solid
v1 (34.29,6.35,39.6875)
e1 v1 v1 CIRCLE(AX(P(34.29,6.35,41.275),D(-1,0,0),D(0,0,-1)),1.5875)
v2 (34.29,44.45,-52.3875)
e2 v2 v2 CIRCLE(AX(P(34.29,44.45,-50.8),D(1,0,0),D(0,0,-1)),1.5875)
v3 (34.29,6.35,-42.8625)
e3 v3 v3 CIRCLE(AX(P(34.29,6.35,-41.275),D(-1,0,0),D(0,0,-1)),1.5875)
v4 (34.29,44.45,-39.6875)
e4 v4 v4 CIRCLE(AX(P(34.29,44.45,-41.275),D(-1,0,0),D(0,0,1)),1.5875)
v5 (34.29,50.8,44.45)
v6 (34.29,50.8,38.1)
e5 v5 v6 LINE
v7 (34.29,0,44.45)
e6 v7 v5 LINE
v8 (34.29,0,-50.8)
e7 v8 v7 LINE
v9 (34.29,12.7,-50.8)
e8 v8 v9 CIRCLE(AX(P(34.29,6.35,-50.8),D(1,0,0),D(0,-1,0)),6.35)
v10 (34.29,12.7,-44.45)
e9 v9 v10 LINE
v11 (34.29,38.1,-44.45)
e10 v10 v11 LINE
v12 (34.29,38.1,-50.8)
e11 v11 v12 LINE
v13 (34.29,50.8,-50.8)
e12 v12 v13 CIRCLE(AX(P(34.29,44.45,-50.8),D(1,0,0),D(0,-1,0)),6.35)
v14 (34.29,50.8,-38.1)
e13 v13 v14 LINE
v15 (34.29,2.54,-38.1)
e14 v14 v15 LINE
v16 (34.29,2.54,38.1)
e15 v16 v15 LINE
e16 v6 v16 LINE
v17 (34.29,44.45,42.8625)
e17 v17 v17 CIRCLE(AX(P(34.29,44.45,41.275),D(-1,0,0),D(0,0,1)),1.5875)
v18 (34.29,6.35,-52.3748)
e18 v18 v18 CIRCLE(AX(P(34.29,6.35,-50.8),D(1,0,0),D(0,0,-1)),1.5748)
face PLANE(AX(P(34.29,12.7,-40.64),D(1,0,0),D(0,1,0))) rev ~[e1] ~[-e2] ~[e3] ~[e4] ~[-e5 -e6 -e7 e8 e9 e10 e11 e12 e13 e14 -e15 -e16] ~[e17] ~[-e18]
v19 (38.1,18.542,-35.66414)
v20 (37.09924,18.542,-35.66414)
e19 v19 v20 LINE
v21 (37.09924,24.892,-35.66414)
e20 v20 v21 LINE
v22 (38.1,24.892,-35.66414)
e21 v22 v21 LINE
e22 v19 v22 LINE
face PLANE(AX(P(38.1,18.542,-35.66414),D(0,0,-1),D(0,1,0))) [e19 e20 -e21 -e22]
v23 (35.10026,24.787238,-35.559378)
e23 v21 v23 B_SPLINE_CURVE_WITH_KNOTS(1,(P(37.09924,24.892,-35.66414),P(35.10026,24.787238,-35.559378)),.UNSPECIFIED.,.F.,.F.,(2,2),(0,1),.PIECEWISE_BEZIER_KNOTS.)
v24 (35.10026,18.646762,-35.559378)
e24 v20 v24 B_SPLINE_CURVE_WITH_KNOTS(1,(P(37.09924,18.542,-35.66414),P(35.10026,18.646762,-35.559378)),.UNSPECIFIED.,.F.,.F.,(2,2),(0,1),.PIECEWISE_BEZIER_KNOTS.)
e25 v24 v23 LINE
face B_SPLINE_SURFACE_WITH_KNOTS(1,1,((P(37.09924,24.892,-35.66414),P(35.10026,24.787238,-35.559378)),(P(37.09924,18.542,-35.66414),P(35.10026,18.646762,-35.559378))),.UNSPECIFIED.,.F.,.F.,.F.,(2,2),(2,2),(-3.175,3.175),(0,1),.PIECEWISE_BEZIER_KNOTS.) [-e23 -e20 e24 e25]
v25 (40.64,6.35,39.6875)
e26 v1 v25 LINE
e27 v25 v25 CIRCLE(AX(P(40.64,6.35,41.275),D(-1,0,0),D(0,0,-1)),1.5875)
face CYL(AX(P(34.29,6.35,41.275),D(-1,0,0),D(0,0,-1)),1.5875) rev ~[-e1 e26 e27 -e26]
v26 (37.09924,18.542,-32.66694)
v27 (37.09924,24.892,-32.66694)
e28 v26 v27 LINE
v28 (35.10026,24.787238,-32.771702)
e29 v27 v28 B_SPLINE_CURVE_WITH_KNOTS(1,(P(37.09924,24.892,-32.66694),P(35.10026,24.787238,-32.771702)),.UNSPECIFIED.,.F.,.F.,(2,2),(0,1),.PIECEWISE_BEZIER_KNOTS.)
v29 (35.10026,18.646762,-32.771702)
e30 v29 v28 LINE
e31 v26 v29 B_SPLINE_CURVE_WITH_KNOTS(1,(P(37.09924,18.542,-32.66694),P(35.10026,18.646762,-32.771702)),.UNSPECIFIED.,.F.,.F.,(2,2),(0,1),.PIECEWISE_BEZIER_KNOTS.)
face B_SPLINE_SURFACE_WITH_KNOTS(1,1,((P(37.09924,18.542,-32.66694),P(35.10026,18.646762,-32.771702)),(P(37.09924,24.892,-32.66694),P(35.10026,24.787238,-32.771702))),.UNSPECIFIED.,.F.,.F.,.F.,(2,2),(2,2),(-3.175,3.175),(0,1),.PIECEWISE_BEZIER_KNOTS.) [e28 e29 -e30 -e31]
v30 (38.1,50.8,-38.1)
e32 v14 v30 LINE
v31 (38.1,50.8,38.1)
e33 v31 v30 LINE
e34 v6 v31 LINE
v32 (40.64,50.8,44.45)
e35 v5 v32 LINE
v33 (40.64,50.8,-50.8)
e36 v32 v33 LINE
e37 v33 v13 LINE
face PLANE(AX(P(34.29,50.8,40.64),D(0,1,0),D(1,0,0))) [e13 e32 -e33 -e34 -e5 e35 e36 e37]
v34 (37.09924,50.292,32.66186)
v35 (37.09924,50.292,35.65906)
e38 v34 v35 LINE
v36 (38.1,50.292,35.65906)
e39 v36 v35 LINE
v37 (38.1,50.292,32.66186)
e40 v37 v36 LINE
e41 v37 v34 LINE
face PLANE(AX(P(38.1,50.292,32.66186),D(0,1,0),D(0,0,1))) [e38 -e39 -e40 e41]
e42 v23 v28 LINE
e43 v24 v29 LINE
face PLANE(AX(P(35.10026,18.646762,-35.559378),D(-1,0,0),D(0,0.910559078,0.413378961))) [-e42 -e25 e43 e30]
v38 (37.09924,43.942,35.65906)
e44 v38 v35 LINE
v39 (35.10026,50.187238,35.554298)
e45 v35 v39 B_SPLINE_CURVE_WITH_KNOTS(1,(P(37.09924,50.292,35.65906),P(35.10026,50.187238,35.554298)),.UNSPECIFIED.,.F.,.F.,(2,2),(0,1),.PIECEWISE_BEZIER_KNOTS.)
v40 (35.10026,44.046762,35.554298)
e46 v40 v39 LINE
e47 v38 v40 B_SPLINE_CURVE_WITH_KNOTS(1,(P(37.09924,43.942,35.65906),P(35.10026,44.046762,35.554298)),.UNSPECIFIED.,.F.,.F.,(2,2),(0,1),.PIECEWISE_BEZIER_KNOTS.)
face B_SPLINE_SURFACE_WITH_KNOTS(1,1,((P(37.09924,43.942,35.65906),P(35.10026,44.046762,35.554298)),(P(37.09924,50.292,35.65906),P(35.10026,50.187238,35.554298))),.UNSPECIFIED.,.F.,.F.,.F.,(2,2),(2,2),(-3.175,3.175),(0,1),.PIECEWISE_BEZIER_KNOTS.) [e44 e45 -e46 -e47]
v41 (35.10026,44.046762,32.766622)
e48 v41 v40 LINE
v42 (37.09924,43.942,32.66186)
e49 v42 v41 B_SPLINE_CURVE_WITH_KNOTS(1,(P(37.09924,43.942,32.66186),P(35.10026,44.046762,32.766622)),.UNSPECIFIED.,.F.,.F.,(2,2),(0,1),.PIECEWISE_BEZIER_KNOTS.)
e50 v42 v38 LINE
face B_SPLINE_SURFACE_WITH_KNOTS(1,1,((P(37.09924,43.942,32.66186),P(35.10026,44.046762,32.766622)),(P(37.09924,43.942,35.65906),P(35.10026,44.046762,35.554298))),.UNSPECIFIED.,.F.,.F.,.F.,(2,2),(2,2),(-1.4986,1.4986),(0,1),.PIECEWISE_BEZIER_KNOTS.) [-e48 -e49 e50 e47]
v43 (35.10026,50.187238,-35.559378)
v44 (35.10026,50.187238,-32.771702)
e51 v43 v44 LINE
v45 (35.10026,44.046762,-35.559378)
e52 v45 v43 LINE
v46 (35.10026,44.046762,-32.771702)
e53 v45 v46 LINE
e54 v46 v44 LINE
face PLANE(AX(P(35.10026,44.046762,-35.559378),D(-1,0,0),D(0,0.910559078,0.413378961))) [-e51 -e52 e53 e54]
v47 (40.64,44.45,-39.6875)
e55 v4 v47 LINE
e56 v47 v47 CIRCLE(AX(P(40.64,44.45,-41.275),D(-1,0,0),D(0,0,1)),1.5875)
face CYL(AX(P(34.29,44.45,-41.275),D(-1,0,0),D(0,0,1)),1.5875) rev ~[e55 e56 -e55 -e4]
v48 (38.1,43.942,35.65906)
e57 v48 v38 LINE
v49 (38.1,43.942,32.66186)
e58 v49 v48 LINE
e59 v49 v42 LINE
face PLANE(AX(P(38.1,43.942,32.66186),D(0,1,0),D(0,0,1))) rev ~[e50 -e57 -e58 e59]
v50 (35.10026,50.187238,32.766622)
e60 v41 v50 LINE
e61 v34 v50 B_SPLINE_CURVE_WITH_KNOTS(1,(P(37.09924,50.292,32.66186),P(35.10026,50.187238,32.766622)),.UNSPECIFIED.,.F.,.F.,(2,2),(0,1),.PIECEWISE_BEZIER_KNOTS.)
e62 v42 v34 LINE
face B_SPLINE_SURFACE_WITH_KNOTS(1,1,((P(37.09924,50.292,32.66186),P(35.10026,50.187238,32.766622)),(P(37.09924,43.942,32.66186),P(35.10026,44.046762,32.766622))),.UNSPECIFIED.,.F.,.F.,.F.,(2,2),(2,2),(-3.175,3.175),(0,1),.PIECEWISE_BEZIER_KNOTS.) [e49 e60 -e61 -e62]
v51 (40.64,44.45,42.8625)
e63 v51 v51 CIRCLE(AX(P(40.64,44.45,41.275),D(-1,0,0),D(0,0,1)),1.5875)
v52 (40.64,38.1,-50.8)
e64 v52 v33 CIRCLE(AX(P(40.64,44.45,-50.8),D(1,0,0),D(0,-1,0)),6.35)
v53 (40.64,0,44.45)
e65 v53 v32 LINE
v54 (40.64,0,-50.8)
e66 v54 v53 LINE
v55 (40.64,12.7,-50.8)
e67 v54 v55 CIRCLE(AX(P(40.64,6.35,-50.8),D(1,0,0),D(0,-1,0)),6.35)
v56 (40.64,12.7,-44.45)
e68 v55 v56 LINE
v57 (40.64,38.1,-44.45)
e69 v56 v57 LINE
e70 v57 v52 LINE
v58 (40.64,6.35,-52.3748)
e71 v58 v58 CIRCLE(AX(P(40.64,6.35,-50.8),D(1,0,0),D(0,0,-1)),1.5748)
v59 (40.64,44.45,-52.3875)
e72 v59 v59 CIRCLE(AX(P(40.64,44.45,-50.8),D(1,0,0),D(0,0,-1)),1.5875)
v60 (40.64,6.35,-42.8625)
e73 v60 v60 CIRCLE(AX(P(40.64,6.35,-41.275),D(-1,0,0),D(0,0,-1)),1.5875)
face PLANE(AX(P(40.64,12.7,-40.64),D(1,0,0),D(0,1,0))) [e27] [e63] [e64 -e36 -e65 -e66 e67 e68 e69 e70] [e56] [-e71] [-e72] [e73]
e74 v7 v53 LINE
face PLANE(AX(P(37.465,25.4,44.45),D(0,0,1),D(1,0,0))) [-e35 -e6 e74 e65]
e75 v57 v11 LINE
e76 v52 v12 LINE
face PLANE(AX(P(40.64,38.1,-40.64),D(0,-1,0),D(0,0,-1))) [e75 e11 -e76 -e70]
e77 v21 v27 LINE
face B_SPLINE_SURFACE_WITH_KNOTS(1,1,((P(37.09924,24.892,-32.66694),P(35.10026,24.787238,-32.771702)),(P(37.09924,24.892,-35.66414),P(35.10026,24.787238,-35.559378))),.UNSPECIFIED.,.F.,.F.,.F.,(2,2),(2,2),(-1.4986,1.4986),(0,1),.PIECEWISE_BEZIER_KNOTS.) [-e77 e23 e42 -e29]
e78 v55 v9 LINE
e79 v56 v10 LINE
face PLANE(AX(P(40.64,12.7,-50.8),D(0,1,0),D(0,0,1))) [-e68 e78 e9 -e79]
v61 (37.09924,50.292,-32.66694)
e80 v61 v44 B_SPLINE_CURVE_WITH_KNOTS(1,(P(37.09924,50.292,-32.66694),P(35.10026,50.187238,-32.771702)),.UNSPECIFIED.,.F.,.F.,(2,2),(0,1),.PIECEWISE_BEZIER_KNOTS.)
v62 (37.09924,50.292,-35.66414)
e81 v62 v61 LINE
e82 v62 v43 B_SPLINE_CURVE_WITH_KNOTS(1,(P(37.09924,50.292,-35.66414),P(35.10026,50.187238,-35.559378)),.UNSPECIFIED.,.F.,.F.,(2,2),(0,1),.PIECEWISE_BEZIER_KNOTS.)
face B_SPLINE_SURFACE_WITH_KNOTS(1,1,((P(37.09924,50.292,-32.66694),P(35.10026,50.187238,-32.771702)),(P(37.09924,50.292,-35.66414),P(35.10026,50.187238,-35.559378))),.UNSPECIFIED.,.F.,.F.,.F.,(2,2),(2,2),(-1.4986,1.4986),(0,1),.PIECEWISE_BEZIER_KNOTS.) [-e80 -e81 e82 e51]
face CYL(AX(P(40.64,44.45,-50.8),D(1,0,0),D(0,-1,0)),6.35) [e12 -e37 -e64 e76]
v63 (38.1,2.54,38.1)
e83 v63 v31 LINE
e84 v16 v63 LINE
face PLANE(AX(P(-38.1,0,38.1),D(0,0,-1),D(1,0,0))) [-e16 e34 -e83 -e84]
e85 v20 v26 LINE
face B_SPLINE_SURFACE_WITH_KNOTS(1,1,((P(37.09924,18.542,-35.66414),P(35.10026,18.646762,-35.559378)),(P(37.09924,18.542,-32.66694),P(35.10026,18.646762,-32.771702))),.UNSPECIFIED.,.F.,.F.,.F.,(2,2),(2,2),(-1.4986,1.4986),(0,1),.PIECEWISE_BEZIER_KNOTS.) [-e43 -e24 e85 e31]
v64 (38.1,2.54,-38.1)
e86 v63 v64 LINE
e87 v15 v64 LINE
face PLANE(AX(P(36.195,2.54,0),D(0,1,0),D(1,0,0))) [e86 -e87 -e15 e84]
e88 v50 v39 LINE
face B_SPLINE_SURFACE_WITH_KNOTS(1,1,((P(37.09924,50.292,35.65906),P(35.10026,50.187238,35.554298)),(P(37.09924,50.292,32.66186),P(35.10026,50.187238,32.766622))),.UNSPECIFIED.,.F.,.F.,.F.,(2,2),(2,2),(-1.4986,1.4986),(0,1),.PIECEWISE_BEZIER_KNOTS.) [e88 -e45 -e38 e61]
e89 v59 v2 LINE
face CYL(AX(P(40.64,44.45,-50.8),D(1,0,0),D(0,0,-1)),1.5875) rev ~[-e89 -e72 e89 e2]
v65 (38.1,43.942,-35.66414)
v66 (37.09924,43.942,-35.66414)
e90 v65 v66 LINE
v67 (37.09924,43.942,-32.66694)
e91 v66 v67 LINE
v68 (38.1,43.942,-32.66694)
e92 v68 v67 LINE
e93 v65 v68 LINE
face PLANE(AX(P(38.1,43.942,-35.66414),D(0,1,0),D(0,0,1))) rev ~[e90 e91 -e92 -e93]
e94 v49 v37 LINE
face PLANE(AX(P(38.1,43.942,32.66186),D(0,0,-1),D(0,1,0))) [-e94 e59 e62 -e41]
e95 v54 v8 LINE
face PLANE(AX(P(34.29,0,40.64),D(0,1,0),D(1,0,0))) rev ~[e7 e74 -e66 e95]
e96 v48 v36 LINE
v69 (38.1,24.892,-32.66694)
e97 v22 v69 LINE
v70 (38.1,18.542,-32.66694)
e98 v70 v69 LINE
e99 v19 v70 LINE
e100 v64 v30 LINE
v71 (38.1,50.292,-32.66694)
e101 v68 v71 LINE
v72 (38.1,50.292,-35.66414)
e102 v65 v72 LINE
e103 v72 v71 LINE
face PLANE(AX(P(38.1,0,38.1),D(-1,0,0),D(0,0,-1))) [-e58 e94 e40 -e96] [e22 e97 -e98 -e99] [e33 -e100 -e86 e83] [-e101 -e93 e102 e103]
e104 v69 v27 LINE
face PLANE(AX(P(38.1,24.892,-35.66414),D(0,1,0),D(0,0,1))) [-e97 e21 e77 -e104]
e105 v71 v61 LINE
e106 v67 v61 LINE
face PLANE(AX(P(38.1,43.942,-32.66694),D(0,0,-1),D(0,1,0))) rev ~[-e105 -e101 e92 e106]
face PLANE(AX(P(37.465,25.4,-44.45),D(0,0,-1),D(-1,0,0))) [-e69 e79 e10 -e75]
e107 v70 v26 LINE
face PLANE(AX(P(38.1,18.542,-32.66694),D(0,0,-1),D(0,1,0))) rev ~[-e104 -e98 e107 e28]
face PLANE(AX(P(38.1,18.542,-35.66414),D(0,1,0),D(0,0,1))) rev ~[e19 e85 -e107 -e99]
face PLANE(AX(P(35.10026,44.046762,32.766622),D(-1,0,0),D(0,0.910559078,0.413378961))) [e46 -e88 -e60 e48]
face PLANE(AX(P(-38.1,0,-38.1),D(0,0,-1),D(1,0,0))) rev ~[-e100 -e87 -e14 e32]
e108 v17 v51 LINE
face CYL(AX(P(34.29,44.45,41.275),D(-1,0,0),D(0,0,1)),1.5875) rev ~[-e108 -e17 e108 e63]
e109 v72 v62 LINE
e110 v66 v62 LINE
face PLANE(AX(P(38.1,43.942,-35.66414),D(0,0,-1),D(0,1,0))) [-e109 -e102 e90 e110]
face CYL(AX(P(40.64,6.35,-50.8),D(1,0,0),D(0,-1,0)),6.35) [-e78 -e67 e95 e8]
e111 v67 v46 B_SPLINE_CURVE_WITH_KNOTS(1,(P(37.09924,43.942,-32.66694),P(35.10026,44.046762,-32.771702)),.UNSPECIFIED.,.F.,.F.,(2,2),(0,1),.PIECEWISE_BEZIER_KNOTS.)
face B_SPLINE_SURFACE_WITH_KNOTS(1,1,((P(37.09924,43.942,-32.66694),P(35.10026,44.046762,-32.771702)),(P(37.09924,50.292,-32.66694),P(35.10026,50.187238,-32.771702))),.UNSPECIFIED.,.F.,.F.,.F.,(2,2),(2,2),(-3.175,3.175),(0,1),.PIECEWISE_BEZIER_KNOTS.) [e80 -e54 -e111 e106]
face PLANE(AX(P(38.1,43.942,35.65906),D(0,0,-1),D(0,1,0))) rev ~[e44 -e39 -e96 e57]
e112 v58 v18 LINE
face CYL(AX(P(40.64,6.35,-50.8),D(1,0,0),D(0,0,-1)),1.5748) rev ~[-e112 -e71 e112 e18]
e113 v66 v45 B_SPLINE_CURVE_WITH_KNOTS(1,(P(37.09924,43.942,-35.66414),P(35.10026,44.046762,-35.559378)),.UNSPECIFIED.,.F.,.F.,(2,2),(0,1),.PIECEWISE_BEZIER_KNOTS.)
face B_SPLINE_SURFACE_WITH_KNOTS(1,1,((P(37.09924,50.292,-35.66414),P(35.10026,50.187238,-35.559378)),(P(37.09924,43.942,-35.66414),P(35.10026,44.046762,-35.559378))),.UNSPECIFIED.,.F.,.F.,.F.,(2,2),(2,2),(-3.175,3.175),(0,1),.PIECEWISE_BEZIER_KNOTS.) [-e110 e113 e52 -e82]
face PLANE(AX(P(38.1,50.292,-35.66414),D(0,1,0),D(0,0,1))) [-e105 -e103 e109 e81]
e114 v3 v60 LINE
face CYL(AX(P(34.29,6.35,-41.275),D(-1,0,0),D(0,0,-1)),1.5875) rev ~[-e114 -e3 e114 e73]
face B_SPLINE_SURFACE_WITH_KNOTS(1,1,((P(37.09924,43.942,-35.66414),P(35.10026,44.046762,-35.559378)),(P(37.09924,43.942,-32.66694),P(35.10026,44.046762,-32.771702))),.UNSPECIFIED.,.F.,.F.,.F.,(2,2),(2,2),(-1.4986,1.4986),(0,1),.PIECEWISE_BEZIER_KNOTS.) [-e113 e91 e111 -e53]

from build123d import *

# Parameters (mm, degrees)
SKETCH1_W            = 81.28
SKETCH1_H            = 81.28
SKETCH1_W_2          = 76.2
SKETCH1_H_2          = 76.2
BOSS_EXTRUDE1_DEPTH  = 50.8
SKETCH2_W            = 3.81
SKETCH2_H            = 76.2
BOSS_EXTRUDE2_DEPTH  = 2.54
SKETCH3_R            = 1.5748
BOSS_EXTRUDE3_DEPTH  = 6.35
SKETCH4_R            = 1.5875
BOSS_EXTRUDE4_DEPTH  = 6.35
SKETCH6_W            = 74.93
SKETCH6_H            = 50.8
CUT_EXTRUDE1_DEPTH   = 118.45268707
SKETCH7_W            = 2.9972
SKETCH7_H            = 6.35
BOSS_EXTRUDE5_DEPTH  = 1.00076
SKETCH8_W            = 2.9972
SKETCH8_H            = 6.35
BOSS_EXTRUDE6_DEPTH  = 1.99898
BOSS_EXTRUDE6_TAPER  = 3
LPATTERN1_COUNT      = 4
LPATTERN1_PITCH      = 12.7
LPATTERN1_COUNT_DIR2 = 2
LPATTERN1_PITCH_DIR2 = 68.326
SKETCH9_W            = 6.35
SKETCH9_H            = 50.8
BOSS_EXTRUDE7_DEPTH  = 3.81
SKETCH10_R           = 1.5875
CUT_EXTRUDE2_DEPTH   = 77.727341932
SKETCH12_W           = 4.993400043
SKETCH12_H           = 34.528830081
SKETCH12_W_2         = 6.055825583
SKETCH12_H_2         = 9.668072422
SKETCH12_H_3         = 8.28691922
CUT_EXTRUDE3_DEPTH   = 3.81
SKETCH13_W           = 6.35
SKETCH13_H           = 25.4
BOSS_EXTRUDE8_DEPTH  = 3.81
LPATTERN2_COUNT      = 2
LPATTERN2_PITCH      = 82.55


with BuildPart() as part:
    # Sketch1 → Boss-Extrude1 (new body)
    with BuildSketch(Plane(origin=(0, 0, 0), x_dir=(1, 0, 0), z_dir=(0, 1, 0))):
        Rectangle(SKETCH1_W, SKETCH1_H)
        Rectangle(SKETCH1_W_2, SKETCH1_H_2, mode=Mode.SUBTRACT)
    extrude(amount=BOSS_EXTRUDE1_DEPTH)

    # Sketch2 → Boss-Extrude2 (add)
    with BuildSketch(Plane(origin=(0, 0, 0), x_dir=(1, 0, 0), z_dir=(0, 1, 0))):
        with Locations((-36.195, 0)):
            Rectangle(SKETCH2_W, SKETCH2_H)
        with Locations((36.195, 0)):
            Rectangle(SKETCH2_W, SKETCH2_H)
    extrude(amount=BOSS_EXTRUDE2_DEPTH)

    # Sketch3 → Boss-Extrude3 (add)
    with BuildSketch(Plane(origin=(40.64, 0, 0), x_dir=(0, 0, -1), z_dir=(1, 0, 0))):
        with BuildLine():
            Line((50.8, 12.7), (40.64, 12.7))
            Line((40.64, 12.7), (40.64, 0))
            Line((40.64, 0), (50.8, 0))
            ThreePointArc((50.8, 0), (57.15, 6.35), (50.8, 12.7))
        make_face()
        with Locations((50.8, 6.35)):
            Circle(SKETCH3_R, mode=Mode.SUBTRACT)
    boss_extrude3 = extrude(amount=-BOSS_EXTRUDE3_DEPTH)

    # Sketch4 → Boss-Extrude4 (add)
    with BuildSketch(Plane(origin=(40.64, 0, 0), x_dir=(0, 0, -1), z_dir=(1, 0, 0))):
        with BuildLine():
            Line((50.8, 50.8), (40.64, 50.8))
            Line((40.64, 50.8), (40.64, 38.1))
            Line((40.64, 38.1), (50.8, 38.1))
            ThreePointArc((50.8, 38.1), (57.15, 44.45), (50.8, 50.8))
        make_face()
        with Locations((50.8, 44.45)):
            Circle(SKETCH4_R, mode=Mode.SUBTRACT)
    boss_extrude4 = extrude(amount=-BOSS_EXTRUDE4_DEPTH)

    # Mirror1: Boss-Extrude3, Boss-Extrude4 across plane
    add(boss_extrude3.mirror(Plane.ZY))
    add(boss_extrude4.mirror(Plane.ZY))

    # Sketch6 → Cut-Extrude1 (cut, through all)
    with BuildSketch(Plane.XY.offset(40.64)):
        with Locations((-3.175, 25.4)):
            Rectangle(SKETCH6_W, SKETCH6_H)
    extrude(amount=-CUT_EXTRUDE1_DEPTH, mode=Mode.SUBTRACT)

    # Sketch7 → Boss-Extrude5 (add)
    with BuildSketch(Plane.ZY.offset(-38.1)):
        with Locations((-34.16554, 9.017)):
            Rectangle(SKETCH7_W, SKETCH7_H)
    boss_extrude5 = extrude(amount=BOSS_EXTRUDE5_DEPTH)

    # Sketch8 → Boss-Extrude6 (add)
    with BuildSketch(Plane.ZY.offset(-37.09924)):
        with Locations((-34.16554, 9.017)):
            Rectangle(SKETCH8_W, SKETCH8_H)
    boss_extrude6 = extrude(amount=BOSS_EXTRUDE6_DEPTH, taper=BOSS_EXTRUDE6_TAPER)

    # LPattern1: Boss-Extrude5, Boss-Extrude6 4 × 2
    with Locations(*[(0, i * LPATTERN1_PITCH, j * LPATTERN1_PITCH_DIR2) for i in range(LPATTERN1_COUNT) for j in range(LPATTERN1_COUNT_DIR2) if (i, j) != (0, 0)]):
        add(boss_extrude5)
        add(boss_extrude6)

    # Sketch9 → Boss-Extrude7 (add)
    with BuildSketch(Plane(origin=(34.29, 50.8, 40.64), x_dir=(1, 0, 0), z_dir=(0, 0, 1))):
        with Locations((3.175, -25.4)):
            Rectangle(SKETCH9_W, SKETCH9_H)
    extrude(amount=BOSS_EXTRUDE7_DEPTH)

    # Sketch10 → Cut-Extrude2 (cut, through all)
    with BuildSketch(Plane.ZY.offset(-34.29)):
        with Locations((41.275, 44.45)):
            Circle(SKETCH10_R)
        with Locations((41.275, 6.35)):
            Circle(SKETCH10_R)
    cut_extrude2 = extrude(amount=-CUT_EXTRUDE2_DEPTH, mode=Mode.SUBTRACT)

    # Sketch12 → Cut-Extrude3 (cut)
    with BuildSketch(Plane.ZY.offset(-34.29)):
        with Locations((33.961683306, 21.990472175)):
            Rectangle(SKETCH12_W, SKETCH12_H)
        with Locations((-34.13979387, 34.420851005)):
            Rectangle(SKETCH12_W_2, SKETCH12_H_2)
        with Locations((-34.13979387, 8.869516745)):
            Rectangle(SKETCH12_W_2, SKETCH12_H_3)
    extrude(amount=-CUT_EXTRUDE3_DEPTH, mode=Mode.SUBTRACT)

    # Sketch13 → Boss-Extrude8 (add)
    with BuildSketch(Plane(origin=(0, 0, -40.64), x_dir=(-1, 0, 0), z_dir=(0, 0, -1))):
        with Locations((-37.465, 25.4)):
            Rectangle(SKETCH13_W, SKETCH13_H)
    extrude(amount=BOSS_EXTRUDE8_DEPTH)

    # LPattern2: Cut-Extrude2 ×2
    with Locations(*[(0, 0, -i * LPATTERN2_PITCH) for i in range(1, LPATTERN2_COUNT)]):
        add(cut_extrude2, mode=Mode.SUBTRACT)


solid = part.part
